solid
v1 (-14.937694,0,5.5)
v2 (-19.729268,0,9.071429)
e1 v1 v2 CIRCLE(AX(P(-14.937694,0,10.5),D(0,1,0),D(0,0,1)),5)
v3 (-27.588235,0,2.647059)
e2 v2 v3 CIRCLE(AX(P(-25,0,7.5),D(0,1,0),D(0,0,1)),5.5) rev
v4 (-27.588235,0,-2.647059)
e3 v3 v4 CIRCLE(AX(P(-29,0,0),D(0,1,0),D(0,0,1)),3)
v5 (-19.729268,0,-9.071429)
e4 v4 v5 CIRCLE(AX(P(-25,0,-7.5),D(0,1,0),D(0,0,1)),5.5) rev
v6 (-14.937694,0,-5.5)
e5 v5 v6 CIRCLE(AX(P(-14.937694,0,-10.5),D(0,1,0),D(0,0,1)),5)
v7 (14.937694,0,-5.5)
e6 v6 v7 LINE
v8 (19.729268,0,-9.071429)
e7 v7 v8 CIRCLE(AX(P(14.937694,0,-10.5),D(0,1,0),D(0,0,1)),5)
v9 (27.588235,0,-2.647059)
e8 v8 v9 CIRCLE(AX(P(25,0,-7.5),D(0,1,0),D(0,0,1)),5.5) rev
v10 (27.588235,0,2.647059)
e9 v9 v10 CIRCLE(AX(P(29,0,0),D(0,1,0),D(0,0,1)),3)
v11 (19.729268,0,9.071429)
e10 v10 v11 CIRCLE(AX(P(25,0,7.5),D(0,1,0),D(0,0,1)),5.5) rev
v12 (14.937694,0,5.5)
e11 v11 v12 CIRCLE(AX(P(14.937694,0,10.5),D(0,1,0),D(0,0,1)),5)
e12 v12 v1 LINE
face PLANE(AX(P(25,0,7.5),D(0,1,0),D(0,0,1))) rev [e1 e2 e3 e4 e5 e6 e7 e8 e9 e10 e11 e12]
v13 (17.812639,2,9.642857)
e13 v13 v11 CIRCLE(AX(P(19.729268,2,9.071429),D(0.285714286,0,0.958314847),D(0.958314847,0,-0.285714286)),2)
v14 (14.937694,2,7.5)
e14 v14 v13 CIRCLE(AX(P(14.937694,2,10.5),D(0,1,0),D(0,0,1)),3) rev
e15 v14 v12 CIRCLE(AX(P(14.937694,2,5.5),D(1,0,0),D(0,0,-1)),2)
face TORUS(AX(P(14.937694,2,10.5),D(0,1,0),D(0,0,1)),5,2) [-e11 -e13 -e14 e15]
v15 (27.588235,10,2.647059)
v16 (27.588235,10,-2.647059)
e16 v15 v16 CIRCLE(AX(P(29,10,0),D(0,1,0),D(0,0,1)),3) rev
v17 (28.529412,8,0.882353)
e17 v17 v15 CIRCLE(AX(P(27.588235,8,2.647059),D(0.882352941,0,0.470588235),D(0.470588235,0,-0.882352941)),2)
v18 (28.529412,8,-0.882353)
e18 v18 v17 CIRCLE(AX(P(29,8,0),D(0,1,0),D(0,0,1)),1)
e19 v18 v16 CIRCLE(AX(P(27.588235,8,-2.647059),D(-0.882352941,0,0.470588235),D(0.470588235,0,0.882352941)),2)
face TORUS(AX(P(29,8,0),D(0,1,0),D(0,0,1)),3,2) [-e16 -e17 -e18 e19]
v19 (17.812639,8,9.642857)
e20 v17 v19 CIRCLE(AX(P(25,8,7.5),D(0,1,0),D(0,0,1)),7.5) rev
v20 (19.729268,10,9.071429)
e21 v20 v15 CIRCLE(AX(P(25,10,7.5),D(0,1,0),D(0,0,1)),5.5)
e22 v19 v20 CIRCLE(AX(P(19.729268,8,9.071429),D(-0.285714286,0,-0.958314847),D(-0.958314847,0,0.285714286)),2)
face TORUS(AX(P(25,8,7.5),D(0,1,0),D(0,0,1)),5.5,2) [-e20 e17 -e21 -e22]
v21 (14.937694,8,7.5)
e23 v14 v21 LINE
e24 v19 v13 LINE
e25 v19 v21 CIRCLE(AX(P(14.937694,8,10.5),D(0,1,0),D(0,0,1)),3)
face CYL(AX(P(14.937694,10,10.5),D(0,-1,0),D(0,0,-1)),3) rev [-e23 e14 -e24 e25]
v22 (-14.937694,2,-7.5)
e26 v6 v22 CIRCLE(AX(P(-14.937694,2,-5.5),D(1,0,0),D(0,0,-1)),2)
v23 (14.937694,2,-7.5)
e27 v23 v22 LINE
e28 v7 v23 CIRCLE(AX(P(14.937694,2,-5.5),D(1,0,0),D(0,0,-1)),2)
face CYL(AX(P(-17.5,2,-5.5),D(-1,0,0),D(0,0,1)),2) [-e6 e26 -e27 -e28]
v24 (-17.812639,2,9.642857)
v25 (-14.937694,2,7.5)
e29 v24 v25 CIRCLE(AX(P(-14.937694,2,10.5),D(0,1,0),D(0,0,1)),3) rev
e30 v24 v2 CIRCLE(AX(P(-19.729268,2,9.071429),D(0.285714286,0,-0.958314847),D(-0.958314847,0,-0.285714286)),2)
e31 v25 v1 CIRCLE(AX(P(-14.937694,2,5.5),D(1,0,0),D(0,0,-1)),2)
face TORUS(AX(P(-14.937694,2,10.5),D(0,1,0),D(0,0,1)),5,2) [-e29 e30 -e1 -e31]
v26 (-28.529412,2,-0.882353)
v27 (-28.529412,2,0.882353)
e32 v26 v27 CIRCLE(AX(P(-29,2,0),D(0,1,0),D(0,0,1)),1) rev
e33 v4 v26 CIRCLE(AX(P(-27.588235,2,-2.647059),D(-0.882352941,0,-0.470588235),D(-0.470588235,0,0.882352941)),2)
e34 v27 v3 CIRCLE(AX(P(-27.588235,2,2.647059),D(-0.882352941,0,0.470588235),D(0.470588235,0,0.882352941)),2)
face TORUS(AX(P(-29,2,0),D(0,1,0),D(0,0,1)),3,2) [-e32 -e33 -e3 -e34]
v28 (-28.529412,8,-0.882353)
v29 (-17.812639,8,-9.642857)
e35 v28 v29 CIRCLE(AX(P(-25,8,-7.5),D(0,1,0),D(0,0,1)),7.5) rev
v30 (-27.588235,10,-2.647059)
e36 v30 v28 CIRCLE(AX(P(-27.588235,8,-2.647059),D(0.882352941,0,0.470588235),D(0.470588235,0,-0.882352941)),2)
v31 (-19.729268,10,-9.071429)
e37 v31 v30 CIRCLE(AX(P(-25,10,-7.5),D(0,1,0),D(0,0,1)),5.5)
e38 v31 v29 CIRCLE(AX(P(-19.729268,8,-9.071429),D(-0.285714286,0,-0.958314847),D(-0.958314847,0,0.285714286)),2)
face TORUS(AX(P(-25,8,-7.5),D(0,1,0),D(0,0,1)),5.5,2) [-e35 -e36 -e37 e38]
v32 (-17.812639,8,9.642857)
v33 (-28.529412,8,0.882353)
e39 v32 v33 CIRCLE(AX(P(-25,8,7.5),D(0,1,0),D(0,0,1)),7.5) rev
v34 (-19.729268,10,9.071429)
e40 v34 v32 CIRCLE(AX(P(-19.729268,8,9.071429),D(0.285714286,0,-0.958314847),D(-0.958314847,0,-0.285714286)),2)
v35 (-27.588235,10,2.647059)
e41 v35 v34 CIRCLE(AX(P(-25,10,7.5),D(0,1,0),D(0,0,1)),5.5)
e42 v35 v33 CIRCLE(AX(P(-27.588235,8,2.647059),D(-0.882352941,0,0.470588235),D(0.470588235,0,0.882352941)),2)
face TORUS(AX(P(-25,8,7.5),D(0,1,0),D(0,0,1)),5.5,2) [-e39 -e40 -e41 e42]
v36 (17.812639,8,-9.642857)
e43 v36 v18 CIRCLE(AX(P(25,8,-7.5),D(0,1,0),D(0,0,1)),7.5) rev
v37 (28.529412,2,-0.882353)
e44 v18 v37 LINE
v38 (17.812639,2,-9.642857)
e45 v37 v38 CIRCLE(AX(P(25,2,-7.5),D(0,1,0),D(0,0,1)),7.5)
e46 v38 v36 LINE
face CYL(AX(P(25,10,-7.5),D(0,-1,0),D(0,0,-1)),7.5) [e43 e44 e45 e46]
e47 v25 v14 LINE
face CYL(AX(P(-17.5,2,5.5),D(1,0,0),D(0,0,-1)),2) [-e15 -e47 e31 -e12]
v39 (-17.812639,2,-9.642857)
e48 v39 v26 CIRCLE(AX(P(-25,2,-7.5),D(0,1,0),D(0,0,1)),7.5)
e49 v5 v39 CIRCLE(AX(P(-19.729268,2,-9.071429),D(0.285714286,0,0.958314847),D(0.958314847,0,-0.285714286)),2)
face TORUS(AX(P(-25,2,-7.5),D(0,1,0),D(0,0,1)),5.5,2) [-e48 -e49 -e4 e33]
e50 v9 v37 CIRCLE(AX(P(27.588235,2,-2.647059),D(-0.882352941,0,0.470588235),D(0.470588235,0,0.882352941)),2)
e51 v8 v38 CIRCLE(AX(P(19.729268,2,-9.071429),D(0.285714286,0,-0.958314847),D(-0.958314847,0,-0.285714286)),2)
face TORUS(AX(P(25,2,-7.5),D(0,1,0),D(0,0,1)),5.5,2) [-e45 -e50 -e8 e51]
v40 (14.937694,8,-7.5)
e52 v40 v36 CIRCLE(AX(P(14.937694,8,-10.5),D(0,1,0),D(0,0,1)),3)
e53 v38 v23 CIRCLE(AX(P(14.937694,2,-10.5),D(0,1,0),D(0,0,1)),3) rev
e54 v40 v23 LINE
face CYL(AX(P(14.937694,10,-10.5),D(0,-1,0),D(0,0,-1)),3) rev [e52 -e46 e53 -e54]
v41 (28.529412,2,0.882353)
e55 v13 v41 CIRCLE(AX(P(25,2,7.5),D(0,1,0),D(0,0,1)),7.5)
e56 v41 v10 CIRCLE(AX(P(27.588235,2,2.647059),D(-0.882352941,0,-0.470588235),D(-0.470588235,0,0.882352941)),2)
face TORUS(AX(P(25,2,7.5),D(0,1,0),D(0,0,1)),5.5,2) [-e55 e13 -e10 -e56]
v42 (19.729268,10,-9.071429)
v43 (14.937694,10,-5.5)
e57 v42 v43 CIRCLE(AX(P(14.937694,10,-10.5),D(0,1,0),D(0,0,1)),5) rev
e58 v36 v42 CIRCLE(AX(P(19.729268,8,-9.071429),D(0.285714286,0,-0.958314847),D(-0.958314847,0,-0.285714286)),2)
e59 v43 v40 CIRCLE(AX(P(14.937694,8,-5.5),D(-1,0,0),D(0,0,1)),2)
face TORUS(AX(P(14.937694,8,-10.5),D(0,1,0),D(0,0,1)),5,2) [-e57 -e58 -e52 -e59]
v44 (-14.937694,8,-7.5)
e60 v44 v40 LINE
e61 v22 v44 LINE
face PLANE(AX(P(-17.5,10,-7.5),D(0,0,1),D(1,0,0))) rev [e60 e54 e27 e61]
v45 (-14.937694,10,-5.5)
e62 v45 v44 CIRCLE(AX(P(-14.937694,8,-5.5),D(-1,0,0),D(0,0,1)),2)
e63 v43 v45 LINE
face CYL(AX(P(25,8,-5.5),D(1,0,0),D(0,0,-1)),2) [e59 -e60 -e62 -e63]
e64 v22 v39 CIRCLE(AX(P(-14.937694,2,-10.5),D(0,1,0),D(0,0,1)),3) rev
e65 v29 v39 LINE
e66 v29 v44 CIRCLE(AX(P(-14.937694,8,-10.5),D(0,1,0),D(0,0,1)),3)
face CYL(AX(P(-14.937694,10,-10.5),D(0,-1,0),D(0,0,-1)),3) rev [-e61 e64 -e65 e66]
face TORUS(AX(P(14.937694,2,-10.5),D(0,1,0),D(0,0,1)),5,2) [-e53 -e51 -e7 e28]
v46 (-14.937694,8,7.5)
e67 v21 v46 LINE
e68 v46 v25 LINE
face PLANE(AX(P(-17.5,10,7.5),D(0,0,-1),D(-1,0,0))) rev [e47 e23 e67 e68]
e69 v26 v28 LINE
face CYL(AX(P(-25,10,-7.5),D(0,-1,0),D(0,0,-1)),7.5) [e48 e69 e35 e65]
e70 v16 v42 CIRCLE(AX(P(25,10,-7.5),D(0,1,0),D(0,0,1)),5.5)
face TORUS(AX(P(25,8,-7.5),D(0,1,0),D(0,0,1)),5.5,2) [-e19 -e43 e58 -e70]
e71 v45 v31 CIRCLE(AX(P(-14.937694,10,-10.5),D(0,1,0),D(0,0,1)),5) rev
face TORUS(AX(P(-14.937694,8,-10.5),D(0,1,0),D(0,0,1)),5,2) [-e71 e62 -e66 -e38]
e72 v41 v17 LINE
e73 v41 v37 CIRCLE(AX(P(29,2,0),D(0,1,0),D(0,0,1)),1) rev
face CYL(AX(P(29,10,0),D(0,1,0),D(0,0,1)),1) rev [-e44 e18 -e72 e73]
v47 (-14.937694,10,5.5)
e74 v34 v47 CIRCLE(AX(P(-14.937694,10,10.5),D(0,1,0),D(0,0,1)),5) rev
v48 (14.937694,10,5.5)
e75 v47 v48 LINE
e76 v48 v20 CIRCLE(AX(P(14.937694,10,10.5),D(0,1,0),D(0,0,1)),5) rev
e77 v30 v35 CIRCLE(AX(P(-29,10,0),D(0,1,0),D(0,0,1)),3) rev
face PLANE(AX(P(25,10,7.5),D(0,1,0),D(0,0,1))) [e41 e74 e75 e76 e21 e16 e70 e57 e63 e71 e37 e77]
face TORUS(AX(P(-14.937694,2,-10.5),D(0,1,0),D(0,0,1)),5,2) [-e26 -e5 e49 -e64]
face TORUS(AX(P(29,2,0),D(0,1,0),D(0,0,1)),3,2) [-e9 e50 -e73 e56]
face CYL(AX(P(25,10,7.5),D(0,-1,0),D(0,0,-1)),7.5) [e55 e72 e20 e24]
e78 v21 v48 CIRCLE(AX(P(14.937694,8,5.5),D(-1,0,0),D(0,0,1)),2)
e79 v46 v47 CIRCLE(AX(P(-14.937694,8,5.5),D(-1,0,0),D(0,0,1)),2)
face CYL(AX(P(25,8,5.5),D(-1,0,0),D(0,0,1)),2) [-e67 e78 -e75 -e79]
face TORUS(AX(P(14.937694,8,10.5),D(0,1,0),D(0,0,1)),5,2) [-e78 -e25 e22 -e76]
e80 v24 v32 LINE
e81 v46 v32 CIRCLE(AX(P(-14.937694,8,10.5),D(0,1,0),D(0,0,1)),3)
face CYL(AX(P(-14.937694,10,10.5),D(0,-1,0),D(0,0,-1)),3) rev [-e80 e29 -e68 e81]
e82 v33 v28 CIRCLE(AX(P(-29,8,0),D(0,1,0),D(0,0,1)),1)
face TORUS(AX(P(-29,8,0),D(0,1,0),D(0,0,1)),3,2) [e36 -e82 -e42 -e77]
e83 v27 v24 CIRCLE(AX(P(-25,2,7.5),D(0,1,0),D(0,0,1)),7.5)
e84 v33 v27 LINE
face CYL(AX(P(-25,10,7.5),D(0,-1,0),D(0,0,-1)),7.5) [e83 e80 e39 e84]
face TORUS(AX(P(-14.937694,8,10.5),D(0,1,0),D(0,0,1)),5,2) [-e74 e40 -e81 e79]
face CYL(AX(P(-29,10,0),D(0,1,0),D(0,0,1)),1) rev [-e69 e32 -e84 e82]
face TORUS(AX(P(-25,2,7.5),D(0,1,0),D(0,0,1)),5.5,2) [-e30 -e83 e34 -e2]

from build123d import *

# Parameters (mm, degrees)
BOSS_EXTRUDE1_DEPTH = 10
FILLET3_R           = 3
FILLET4_R           = 1
FILLET5_R           = 2


with BuildPart() as part:
    # Sketch1 → Boss-Extrude1 (new body)
    with BuildSketch(Plane(origin=(0, 0, 0), x_dir=(1, 0, 0), z_dir=(0, 1, 0))):
        with BuildLine():
            Line((-17.5, -7.5), (17.5, -7.5))
            ThreePointArc((17.5, -7.5), (30.303300859, -12.803300859), (25, 0))
            ThreePointArc((25, 0), (30.303300859, 12.803300859), (17.5, 7.5))
            Line((17.5, 7.5), (-17.5, 7.5))
            ThreePointArc((-17.5, 7.5), (-30.303300859, 12.803300859), (-25, 0))
            ThreePointArc((-25, 0), (-30.303300859, -12.803300859), (-17.5, -7.5))
        make_face()
    extrude(amount=BOSS_EXTRUDE1_DEPTH)

    # Fillet3
    fillet3_edges = [part.edges().sort_by_distance(p)[0] for p in [
        (17.5, 5, 7.5),
        (-17.5, 5, 7.5),
        (-17.5, 5, -7.5),
        (17.5, 5, -7.5),
    ]]
    fillet(fillet3_edges, radius=FILLET3_R)

    # Fillet4
    fillet4_edges = [part.edges().sort_by_distance(p)[0] for p in [
        (-25, 5, 0),
        (25, 5, 0),
    ]]
    fillet(fillet4_edges, radius=FILLET4_R)

    # Fillet5
    fillet5_edges = [part.edges().sort_by_distance(p)[0] for p in [
        (-29.74676282, 0, -13.306741145),
        (-29.74676282, 10, -13.306741145),
        (0, 0, -7.5),
        (0, 10, -7.5),
        (29.74676282, 0, 13.306741145),
        (29.74676282, 10, 13.306741145),
        (0, 0, 7.5),
        (0, 10, 7.5),
        (-16.730537015, 0, -8.094648823),
        (-16.730537015, 10, -8.094648823),
        (16.730537015, 0, -8.094648823),
        (16.730537015, 10, -8.094648823),
        (16.730537015, 0, 8.094648823),
        (16.730537015, 10, 8.094648823),
        (-16.730537015, 0, 8.094648823),
        (-16.730537015, 10, 8.094648823),
        (-29.74676282, 0, 13.306741145),
        (-29.74676282, 10, 13.306741145),
        (29.74676282, 0, -13.306741145),
        (29.74676282, 10, -13.306741145),
        (-28, 0, 0),
        (-28, 10, 0),
        (28, 0, 0),
        (28, 10, 0),
    ]]
    fillet(fillet5_edges, radius=FILLET5_R)


solid = part.part
